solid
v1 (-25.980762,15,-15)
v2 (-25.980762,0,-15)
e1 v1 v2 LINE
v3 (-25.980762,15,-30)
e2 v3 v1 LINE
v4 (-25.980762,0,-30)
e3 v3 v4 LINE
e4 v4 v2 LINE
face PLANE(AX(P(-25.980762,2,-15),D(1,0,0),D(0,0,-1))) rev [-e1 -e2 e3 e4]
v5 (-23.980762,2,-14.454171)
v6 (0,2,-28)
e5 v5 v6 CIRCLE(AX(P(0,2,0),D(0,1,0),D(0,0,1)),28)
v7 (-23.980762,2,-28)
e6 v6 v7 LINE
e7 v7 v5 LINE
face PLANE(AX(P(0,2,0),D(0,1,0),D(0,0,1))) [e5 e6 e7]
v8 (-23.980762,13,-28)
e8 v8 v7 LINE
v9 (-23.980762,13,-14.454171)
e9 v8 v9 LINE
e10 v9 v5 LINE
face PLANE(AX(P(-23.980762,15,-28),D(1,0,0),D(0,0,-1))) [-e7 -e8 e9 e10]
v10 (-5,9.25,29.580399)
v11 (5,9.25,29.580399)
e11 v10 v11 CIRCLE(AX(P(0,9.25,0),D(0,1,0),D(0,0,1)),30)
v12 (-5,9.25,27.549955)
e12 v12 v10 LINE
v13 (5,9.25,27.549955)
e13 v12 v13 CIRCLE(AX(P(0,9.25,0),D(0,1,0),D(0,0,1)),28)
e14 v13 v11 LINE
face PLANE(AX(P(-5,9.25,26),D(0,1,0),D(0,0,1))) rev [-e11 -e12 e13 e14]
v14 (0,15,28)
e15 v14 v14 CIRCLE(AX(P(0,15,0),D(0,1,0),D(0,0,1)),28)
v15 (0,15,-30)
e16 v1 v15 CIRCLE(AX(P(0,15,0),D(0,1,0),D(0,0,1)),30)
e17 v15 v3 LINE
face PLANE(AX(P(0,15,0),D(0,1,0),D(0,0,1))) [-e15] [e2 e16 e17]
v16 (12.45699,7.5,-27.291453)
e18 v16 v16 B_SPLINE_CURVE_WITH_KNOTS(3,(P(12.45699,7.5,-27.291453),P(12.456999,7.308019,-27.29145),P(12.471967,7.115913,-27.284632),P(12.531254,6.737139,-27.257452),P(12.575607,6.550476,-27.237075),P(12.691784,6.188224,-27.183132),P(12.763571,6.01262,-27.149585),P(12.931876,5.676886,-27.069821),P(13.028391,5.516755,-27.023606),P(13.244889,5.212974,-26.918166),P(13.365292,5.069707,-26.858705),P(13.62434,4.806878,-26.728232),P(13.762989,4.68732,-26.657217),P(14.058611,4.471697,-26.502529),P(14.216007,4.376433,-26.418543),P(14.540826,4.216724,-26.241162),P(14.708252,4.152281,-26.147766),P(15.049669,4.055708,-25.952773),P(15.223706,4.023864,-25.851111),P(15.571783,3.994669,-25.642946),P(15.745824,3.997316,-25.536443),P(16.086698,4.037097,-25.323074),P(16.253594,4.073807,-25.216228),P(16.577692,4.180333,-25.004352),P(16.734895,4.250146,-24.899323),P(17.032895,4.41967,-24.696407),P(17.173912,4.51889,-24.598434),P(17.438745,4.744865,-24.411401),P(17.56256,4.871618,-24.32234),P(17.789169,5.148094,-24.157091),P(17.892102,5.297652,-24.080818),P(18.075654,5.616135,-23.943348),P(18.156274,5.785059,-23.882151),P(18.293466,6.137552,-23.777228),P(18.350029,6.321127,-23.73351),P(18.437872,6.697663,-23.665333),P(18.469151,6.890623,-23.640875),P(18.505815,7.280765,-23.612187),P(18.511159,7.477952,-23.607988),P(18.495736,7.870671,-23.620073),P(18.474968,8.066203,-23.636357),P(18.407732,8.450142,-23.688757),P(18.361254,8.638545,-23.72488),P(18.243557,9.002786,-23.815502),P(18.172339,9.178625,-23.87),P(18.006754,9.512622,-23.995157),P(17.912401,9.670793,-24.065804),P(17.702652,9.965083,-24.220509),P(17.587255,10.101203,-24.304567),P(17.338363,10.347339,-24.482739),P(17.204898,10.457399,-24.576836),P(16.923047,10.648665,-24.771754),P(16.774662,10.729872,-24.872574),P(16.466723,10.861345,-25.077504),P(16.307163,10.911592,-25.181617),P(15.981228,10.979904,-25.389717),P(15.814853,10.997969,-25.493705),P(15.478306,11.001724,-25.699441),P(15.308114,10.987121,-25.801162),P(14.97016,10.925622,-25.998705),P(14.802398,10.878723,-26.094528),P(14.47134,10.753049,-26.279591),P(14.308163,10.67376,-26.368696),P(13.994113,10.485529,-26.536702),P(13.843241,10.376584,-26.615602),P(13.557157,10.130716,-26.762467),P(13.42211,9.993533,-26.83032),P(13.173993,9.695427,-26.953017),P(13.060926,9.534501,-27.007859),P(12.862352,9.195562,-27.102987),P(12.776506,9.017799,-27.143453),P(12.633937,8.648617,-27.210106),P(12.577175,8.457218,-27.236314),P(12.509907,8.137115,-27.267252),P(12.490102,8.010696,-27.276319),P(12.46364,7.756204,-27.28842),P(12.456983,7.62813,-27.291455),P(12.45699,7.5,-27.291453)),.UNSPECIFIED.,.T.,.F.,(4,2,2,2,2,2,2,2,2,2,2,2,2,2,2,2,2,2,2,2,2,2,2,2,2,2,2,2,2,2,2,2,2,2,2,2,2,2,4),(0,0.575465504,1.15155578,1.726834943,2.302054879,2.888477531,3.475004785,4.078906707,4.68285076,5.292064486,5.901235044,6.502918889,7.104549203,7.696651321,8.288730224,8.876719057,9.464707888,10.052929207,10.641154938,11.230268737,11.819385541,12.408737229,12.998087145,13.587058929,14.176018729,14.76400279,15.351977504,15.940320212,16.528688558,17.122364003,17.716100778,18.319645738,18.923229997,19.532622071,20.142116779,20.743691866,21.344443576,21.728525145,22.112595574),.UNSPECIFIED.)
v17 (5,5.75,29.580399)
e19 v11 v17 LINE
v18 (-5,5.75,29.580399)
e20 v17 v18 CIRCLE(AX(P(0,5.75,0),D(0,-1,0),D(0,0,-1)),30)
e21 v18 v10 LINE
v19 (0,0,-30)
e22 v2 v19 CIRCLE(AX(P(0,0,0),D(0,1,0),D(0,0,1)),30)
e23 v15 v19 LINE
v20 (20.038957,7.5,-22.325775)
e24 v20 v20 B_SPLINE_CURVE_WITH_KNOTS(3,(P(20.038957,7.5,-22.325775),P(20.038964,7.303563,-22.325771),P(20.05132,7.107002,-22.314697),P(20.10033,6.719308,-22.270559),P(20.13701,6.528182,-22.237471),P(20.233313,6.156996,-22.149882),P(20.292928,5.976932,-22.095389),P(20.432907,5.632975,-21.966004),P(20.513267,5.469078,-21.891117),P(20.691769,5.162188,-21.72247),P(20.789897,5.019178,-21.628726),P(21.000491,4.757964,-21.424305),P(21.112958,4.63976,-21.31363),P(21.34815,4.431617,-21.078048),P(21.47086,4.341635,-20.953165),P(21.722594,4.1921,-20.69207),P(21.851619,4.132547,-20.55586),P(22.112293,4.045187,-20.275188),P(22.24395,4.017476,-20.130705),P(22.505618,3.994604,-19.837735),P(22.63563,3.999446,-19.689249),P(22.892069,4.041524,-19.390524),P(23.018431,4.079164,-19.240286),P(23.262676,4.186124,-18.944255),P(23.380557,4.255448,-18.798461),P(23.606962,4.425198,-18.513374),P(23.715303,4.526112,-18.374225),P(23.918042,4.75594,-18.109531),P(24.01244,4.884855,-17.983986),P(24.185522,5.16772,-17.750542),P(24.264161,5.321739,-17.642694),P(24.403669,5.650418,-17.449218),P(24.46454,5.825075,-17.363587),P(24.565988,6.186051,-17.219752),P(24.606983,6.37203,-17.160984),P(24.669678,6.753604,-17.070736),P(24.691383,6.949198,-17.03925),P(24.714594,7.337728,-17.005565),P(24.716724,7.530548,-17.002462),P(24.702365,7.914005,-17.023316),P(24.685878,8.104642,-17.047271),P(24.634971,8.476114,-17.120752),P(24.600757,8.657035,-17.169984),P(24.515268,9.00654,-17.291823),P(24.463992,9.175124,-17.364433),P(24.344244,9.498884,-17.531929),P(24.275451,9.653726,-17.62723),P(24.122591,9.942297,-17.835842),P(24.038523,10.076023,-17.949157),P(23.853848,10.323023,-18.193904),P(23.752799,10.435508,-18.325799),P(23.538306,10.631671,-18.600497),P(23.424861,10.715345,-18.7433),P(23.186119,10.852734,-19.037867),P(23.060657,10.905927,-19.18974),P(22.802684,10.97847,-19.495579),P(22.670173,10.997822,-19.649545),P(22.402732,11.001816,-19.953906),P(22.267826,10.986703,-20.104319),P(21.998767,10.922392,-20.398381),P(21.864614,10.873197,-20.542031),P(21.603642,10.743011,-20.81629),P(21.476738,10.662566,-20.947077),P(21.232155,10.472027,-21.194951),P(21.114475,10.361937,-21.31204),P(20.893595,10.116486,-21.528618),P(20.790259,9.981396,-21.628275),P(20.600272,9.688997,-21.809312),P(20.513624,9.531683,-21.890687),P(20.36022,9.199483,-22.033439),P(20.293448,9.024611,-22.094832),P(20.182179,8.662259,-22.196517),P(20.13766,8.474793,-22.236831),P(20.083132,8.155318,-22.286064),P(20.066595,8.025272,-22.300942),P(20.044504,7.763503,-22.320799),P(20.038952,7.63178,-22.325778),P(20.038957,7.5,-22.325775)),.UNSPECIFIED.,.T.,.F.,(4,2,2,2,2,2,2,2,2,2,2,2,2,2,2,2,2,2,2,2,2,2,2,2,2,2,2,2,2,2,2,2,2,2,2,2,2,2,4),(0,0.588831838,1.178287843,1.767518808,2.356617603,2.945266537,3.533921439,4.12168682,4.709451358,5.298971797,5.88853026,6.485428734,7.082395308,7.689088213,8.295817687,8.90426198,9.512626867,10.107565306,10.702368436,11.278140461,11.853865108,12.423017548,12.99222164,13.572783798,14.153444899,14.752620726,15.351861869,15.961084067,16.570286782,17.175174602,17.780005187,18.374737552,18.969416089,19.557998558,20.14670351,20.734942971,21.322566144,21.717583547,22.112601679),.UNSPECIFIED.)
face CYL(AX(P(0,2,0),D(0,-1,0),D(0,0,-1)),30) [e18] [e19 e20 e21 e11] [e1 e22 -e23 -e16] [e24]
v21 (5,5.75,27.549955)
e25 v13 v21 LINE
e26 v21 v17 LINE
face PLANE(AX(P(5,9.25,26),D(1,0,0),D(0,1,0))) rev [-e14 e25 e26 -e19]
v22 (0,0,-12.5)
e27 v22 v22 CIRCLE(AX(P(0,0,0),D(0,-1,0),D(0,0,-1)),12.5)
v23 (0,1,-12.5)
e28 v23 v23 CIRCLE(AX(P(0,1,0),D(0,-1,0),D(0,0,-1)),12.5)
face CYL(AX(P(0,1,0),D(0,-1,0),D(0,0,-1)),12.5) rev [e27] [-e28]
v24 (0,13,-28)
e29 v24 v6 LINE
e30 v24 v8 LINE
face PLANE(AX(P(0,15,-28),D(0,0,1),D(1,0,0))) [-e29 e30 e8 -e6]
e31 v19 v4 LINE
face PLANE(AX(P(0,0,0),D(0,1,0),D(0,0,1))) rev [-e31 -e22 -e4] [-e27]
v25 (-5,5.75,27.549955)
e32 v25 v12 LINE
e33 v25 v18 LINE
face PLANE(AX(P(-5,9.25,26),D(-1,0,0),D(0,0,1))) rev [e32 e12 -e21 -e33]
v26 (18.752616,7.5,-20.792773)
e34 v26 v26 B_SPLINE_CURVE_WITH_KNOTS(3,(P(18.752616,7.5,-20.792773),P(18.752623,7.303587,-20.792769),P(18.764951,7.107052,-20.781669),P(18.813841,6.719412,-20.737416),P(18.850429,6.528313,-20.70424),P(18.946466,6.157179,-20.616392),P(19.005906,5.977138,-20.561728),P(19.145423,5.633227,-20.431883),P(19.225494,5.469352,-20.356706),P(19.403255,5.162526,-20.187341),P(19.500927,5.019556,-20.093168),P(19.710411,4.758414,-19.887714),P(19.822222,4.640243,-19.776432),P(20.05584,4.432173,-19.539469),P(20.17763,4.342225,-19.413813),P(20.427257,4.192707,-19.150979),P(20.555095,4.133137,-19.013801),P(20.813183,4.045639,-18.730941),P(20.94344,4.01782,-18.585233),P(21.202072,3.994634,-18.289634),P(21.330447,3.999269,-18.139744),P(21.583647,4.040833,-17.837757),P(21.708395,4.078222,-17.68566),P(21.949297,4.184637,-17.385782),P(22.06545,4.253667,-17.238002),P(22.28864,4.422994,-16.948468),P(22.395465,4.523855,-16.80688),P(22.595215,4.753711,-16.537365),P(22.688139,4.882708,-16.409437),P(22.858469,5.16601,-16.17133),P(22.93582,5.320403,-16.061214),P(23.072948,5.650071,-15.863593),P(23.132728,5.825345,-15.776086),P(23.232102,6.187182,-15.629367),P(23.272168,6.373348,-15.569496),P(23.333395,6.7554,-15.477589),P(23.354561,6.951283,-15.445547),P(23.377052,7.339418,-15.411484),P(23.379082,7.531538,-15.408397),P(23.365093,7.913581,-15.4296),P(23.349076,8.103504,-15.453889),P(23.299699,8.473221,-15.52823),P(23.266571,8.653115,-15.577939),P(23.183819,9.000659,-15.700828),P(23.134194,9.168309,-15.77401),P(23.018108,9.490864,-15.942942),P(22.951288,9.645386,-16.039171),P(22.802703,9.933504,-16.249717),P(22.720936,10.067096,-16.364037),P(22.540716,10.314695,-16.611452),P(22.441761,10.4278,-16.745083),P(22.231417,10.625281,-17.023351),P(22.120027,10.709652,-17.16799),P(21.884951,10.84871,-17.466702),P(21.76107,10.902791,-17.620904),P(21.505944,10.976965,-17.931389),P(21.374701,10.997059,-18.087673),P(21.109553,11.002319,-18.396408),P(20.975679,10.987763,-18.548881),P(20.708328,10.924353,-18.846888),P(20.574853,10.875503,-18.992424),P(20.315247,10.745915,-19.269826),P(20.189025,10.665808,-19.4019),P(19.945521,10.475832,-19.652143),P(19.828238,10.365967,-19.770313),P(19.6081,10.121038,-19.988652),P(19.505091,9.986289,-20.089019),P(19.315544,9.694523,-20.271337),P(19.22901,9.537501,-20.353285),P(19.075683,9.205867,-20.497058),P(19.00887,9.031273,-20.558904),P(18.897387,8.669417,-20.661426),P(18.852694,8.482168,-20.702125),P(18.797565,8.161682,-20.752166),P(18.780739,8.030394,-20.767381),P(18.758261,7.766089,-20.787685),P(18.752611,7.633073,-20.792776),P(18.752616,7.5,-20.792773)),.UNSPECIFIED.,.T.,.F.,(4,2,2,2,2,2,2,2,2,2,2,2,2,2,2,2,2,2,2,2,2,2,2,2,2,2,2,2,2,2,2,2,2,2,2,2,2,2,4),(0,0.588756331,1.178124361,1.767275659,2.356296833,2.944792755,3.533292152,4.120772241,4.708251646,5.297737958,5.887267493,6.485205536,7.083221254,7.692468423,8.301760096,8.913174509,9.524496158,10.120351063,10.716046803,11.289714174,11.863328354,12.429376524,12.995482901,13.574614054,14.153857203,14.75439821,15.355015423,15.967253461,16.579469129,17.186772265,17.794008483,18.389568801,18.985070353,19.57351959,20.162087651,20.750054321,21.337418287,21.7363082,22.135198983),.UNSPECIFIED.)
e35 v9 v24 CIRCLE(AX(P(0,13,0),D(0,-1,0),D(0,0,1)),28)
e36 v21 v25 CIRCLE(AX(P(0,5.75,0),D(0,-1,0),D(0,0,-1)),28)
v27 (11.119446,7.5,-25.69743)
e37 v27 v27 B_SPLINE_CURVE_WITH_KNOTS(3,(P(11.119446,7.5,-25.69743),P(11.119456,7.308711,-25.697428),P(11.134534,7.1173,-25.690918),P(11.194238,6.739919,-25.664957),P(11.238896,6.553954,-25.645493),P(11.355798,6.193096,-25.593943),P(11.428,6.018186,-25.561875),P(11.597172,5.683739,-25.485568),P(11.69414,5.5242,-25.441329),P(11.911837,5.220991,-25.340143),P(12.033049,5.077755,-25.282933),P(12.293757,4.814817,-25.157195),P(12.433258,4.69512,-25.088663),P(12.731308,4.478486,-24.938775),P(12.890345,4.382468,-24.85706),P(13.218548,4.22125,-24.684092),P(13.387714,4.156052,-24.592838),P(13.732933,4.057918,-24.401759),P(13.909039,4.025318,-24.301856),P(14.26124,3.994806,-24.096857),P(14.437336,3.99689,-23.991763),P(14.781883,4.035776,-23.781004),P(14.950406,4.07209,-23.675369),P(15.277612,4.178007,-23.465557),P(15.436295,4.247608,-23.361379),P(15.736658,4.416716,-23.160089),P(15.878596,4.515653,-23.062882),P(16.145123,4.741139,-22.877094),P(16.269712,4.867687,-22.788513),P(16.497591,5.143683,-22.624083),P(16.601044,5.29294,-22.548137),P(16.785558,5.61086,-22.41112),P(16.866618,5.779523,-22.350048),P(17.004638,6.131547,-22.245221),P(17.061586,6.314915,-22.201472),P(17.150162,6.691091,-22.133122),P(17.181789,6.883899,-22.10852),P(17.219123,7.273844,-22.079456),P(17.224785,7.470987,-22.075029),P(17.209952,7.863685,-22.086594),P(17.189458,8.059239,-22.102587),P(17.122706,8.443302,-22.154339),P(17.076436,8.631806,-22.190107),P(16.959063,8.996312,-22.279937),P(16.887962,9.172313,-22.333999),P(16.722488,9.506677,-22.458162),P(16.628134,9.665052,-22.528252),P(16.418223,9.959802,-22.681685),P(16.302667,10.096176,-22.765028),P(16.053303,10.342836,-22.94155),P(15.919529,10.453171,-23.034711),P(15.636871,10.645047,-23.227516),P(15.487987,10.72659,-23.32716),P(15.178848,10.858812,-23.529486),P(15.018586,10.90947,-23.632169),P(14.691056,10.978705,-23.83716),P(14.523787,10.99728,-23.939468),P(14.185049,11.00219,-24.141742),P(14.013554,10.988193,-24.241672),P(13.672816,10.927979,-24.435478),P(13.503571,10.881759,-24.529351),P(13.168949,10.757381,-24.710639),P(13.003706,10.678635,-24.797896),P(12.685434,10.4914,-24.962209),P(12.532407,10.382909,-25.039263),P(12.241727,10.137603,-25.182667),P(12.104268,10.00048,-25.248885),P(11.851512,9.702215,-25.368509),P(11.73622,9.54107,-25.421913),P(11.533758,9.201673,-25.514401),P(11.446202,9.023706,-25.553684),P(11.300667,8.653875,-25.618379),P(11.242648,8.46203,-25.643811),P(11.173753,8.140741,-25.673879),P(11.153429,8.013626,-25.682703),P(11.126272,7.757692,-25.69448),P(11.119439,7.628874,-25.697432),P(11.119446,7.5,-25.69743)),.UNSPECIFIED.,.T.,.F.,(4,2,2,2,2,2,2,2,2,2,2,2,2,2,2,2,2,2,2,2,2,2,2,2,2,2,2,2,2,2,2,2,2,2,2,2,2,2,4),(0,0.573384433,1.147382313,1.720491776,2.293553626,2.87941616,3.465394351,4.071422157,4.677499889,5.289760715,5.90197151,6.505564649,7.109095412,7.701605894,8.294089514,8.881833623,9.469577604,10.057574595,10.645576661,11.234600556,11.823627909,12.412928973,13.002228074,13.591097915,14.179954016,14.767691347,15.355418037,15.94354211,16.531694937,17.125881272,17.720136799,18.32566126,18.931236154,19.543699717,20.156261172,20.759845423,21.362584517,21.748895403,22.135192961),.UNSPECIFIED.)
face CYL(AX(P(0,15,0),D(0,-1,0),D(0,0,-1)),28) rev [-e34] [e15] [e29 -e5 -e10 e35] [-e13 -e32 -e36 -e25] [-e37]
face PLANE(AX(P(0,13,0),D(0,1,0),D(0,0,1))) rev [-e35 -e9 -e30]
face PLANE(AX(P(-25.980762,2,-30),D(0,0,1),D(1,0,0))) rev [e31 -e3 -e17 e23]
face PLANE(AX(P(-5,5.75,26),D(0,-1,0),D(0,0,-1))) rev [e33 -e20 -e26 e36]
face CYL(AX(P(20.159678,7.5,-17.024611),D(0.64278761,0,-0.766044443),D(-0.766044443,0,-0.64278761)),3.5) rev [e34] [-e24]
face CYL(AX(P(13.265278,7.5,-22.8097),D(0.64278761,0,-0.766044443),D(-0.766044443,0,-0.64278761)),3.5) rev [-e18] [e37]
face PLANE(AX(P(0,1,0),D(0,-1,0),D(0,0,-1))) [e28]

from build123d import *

# Parameters (mm, degrees)
BOSS_EXTRUDE1_DEPTH      = 2
BOSS_EXTRUDE2_DEPTH      = 13
BOSS_EXTRUDE3_START      = -2
BOSS_EXTRUDE3_DEPTH      = 2
SKETCH4_R                = 12.5
CUT_EXTRUDE2_DEPTH       = 1
SKETCH5_W                = 10
SKETCH5_H                = 3.5
USB_C_CUT_DEPTH          = 4
SKETCH6_R                = 3.5
VOLUME_BUTTONS_CUT_DEPTH = 4


with BuildPart() as part:
    # Sketch1 → Boss-Extrude1 (new body)
    with BuildSketch(Plane(origin=(0, 0, 0), x_dir=(1, 0, 0), z_dir=(0, 1, 0))):
        with BuildLine():
            Line((-25.980762114, 15), (-25.980762114, 30))
            Line((-25.980762114, 30), (0, 30))
            ThreePointArc((0, 30), (15, -25.980762114), (-25.980762114, 15))
        make_face()
    extrude(amount=BOSS_EXTRUDE1_DEPTH)

    # Sketch2 → Boss-Extrude2 (add)
    with BuildSketch(Plane(origin=(0, 2, 0), x_dir=(1, 0, 0), z_dir=(0, 1, 0))):
        with BuildLine():
            Line((0, 30), (-25.980762114, 30))
            Line((-25.980762114, 30), (-25.980762114, 15))
            ThreePointArc((-25.980762114, 15), (15, -25.980762114), (0, 30))
        make_face()
        with BuildLine():
            Line((0, 28), (-23.980762114, 28))
            Line((-23.980762114, 28), (-23.980762114, 14.454170625))
            ThreePointArc((-23.980762114, 14.454170625), (13.77104249, -24.379466539), (0, 28))
        make_face(mode=Mode.SUBTRACT)
    extrude(amount=BOSS_EXTRUDE2_DEPTH)

    # Sketch3 → Boss-Extrude3 (add)
    with BuildSketch(Plane(origin=(0, 15, 0), x_dir=(1, 0, 0), z_dir=(0, 1, 0)).offset(BOSS_EXTRUDE3_START)):
        with BuildLine():
            Line((-23.980762114, 14.454170625), (-23.980762114, 28))
            Line((-23.980762114, 28), (0, 28))
            ThreePointArc((0, 28), (-13.77104249, 24.379466539), (-23.980762114, 14.454170625))
        make_face()
    extrude(amount=BOSS_EXTRUDE3_DEPTH)

    # Sketch4 → Cut-Extrude2 (cut)
    with BuildSketch(Plane.XZ):
        with Locations(Location((0, 0, 0), (0, 0, 270))):
            Circle(SKETCH4_R)
    extrude(amount=-CUT_EXTRUDE2_DEPTH, mode=Mode.SUBTRACT)

    # Sketch5 → USB_C_Cut (cut)
    with BuildSketch(Plane.XY.offset(30)):
        with Locations((0, 7.5)):
            Rectangle(SKETCH5_W, SKETCH5_H)
    extrude(amount=-USB_C_CUT_DEPTH, mode=Mode.SUBTRACT)

    # Sketch6 → Volume_Buttons_Cut (cut)
    with BuildSketch(Plane(origin=(19.283628291, 0, -22.981333294), x_dir=(0, -1, 0), z_dir=(0.642787609686543, 0, -0.7660444431189749))):
        with Locations(Location((-7.5, 4.5, 0), (0, 0, 90))):
            Circle(SKETCH6_R)
        with Locations(Location((-7.5, -4.5, 0), (0, 0, 90))):
            Circle(SKETCH6_R)
    extrude(amount=-VOLUME_BUTTONS_CUT_DEPTH, mode=Mode.SUBTRACT)


solid = part.part
